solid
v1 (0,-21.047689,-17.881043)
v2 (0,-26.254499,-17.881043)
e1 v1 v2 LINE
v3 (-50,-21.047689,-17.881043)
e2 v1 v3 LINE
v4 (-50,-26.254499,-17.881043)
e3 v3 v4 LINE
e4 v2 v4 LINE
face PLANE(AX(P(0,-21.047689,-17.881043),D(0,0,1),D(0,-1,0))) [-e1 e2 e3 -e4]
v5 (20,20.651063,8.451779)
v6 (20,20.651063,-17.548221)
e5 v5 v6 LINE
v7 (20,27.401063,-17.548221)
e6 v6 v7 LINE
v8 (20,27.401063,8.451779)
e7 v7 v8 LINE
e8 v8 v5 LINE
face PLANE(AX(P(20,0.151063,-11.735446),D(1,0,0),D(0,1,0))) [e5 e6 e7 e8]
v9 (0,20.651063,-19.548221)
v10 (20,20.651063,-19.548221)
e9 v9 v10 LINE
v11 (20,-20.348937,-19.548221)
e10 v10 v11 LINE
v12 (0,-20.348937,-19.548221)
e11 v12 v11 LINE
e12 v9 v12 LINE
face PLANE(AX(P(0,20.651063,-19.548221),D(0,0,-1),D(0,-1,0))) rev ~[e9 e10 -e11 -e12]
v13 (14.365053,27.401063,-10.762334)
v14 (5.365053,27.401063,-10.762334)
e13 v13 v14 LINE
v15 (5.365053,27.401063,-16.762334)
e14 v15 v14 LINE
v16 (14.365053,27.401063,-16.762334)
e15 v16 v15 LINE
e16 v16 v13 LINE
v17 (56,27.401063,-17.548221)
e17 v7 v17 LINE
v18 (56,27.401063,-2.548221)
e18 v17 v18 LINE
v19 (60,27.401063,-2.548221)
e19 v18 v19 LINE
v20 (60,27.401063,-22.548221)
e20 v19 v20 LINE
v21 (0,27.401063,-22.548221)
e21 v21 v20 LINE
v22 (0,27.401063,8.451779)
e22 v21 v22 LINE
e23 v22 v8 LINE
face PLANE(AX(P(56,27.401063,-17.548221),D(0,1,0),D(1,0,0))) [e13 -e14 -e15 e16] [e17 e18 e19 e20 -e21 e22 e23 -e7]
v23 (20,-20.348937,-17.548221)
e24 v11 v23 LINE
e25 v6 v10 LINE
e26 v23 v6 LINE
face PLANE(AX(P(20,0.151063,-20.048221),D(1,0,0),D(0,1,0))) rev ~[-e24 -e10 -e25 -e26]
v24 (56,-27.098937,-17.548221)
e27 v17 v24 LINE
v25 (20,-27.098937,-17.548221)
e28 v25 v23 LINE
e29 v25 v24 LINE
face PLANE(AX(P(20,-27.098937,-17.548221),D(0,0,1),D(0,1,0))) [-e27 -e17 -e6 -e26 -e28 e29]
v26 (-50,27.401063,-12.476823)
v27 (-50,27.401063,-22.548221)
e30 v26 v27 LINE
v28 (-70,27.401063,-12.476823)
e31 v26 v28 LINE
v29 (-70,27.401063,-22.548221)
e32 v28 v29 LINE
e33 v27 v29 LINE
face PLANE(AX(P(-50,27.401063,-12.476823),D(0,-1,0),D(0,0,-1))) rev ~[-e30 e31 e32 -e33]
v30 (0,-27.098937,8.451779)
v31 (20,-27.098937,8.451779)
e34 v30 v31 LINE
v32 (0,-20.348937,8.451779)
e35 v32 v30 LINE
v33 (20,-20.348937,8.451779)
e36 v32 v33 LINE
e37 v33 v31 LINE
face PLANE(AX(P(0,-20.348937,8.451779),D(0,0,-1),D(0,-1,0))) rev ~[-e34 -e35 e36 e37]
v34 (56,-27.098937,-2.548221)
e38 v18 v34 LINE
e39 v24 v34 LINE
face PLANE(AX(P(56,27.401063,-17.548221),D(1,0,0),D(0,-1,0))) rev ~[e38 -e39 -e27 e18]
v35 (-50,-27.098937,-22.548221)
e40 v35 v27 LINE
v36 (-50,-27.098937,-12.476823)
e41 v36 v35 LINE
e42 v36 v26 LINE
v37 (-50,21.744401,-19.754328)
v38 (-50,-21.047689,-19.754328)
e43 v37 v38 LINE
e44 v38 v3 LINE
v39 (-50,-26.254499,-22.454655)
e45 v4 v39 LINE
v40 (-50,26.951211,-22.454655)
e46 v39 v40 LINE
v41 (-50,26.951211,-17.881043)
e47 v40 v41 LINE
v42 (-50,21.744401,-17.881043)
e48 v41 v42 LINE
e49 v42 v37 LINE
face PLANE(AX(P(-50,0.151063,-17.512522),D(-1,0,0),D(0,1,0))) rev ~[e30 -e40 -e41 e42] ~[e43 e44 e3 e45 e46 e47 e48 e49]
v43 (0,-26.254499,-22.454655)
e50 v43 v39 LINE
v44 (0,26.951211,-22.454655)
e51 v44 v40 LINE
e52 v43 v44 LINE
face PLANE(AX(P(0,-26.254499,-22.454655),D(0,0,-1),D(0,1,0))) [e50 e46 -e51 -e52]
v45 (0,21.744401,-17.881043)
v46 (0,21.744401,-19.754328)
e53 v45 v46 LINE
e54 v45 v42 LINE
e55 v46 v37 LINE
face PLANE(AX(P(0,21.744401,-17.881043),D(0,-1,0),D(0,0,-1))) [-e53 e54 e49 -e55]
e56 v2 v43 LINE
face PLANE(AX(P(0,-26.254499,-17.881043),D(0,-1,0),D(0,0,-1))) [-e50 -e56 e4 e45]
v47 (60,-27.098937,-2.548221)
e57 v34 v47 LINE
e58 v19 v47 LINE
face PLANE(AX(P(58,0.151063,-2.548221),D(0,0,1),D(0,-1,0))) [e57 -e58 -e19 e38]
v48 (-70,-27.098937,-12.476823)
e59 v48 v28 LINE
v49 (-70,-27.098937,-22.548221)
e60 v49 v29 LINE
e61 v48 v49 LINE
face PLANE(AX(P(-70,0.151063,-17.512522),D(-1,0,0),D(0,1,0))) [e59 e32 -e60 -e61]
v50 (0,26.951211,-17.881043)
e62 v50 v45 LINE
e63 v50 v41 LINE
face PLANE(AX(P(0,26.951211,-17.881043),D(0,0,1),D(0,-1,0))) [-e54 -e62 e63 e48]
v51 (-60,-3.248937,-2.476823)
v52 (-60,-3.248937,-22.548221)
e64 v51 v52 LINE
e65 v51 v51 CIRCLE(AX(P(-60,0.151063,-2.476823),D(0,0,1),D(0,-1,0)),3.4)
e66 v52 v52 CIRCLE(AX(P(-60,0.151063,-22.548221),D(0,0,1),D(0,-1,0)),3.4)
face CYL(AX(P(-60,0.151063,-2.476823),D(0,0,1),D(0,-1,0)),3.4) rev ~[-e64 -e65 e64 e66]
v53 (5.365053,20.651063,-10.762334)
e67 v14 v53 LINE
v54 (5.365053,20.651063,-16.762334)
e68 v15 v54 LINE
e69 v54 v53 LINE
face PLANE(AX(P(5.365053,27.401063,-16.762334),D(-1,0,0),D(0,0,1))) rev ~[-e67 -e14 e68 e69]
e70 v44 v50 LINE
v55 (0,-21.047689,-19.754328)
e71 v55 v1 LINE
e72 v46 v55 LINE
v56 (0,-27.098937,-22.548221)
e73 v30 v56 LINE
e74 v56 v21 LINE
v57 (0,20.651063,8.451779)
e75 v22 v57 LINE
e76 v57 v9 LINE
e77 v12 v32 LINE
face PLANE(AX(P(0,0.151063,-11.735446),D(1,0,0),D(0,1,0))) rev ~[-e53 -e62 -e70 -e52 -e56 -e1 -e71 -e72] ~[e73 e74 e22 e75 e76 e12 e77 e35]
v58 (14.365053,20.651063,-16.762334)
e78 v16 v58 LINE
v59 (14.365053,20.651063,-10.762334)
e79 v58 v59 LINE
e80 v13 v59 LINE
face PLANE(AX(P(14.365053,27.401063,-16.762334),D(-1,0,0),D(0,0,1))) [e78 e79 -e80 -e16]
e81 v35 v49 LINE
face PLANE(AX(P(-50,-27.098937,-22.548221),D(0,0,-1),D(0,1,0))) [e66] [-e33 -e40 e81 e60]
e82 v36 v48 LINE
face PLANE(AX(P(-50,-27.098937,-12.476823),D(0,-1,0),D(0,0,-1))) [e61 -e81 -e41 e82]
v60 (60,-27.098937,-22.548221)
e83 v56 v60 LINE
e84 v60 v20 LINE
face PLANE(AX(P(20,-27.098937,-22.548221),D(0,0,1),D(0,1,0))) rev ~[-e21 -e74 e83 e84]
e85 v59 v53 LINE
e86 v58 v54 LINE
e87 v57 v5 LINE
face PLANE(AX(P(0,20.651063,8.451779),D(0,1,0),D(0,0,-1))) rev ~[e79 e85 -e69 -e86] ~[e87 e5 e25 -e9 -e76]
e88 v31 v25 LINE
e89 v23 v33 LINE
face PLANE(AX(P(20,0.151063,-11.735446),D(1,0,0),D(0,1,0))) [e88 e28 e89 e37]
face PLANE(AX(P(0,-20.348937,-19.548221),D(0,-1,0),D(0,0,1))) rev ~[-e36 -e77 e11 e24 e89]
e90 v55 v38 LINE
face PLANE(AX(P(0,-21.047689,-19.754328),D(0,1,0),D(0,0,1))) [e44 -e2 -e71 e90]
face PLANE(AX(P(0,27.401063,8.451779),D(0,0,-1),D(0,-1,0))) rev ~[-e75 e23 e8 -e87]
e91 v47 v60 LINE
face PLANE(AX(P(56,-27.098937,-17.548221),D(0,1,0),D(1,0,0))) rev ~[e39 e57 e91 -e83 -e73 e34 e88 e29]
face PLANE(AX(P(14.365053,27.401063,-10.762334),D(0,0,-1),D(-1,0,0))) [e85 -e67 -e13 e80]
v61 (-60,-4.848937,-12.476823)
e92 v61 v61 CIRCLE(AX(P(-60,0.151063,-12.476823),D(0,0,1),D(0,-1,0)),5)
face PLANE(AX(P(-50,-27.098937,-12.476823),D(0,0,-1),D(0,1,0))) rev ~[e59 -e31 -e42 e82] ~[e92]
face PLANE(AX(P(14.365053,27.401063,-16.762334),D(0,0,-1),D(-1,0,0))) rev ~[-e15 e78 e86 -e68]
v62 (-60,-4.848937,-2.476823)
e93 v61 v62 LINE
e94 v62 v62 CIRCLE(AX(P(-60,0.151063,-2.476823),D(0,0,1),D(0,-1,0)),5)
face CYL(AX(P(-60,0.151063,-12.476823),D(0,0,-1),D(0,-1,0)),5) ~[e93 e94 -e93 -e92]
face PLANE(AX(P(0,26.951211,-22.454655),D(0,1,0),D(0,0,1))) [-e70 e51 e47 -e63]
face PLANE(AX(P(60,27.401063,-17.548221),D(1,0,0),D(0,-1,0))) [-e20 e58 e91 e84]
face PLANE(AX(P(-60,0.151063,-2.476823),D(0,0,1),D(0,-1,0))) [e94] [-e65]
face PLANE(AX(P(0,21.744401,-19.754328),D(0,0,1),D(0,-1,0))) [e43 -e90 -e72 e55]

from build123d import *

# Parameters (mm, degrees)
PAD001_DEPTH    = 20
SKETCH004_W     = 9
SKETCH004_H     = 6
POCKET001_DEPTH = 8
PAD006_DEPTH    = 50
SKETCH013_W     = 54.5
SKETCH013_H     = 10.071398
PAD007_DEPTH    = 20
SKETCH014_R     = 5
PAD008_DEPTH    = 10
SKETCH015_R     = 3.4
POCKET005_DEPTH = 25
SKETCH016_W     = 54.5
SKETCH016_H     = 5
PAD009_DEPTH    = 40
SKETCH017_W     = 54.5
SKETCH017_H     = 4
PAD010_DEPTH    = 15


with BuildPart() as part:
    # Sketch002 → Pad001 (new body)
    with BuildSketch(Plane.YZ):
        Polygon((-27.098937, -22.548221), (27.401063, -22.548221), (27.401063, 8.451779), (20.651063, 8.451779), (20.651063, -19.548221), (-20.348937, -19.548221), (-20.348937, 8.451779), (-27.098937, 8.451779), align=None)
    extrude(amount=PAD001_DEPTH)

    # Sketch004 → Pocket001 (cut)
    with BuildSketch(Plane(origin=(0, 27.401063, 0), x_dir=(-1, 0, 0), z_dir=(0, 1, 0))):
        with Locations((-9.865053, -13.762334)):
            Rectangle(SKETCH004_W, SKETCH004_H)
    extrude(amount=-POCKET001_DEPTH, mode=Mode.SUBTRACT)

    # Sketch003 (on Face4 of Pocket001) → Pad006 (join)
    with BuildSketch(Plane(origin=(0, 0, 0), x_dir=(0, 1, 0), z_dir=(-1, 0, 0))):
        Polygon((-21.047689, 17.881043), (-26.254499, 17.881043), (-26.254499, 22.454655), (26.951211, 22.454655), (26.951211, 17.881043), (21.744401, 17.881043), (21.744401, 19.754328), (-21.047689, 19.754328), align=None)
    extrude(amount=PAD006_DEPTH)

    # Sketch013 (on Face23 of Pad006) → Pad007 (join)
    with BuildSketch(Plane(origin=(-50, 0, 0), x_dir=(0, 1, 0), z_dir=(-1, 0, 0))):
        with Locations((0.151063, 17.512522)):
            Rectangle(SKETCH013_W, SKETCH013_H)
    extrude(amount=PAD007_DEPTH)

    # Sketch014 (on Face6 of Pad007) → Pad008 (join)
    with BuildSketch(Plane(origin=(0, 0, -12.476823), x_dir=(0, -1, 0), z_dir=(0, 0, 1))):
        with Locations((-0.151063, -60)):
            Circle(SKETCH014_R)
    extrude(amount=PAD008_DEPTH)

    # Sketch015 (on Face17 of Pad008) → Pocket005 (cut)
    with BuildSketch(Plane(origin=(0, 0, -2.476823), x_dir=(0, -1, 0), z_dir=(0, 0, 1))):
        with Locations((-0.151063, -60)):
            Circle(SKETCH015_R)
    extrude(amount=-POCKET005_DEPTH, mode=Mode.SUBTRACT)

    # Sketch016 (on Face27 of Pocket005) → Pad009 (join)
    with BuildSketch(Plane.YZ.offset(20)):
        with Locations((0.151063, -20.048221)):
            Rectangle(SKETCH016_W, SKETCH016_H)
    extrude(amount=PAD009_DEPTH)

    # Sketch017 (on Face37 of Pad009) → Pad010 (join)
    with BuildSketch(Plane(origin=(0, 0, -17.548221), x_dir=(0, -1, 0), z_dir=(0, 0, 1))):
        with Locations((-0.151063, 58)):
            Rectangle(SKETCH017_W, SKETCH017_H)
    extrude(amount=PAD010_DEPTH)


solid = part.part
